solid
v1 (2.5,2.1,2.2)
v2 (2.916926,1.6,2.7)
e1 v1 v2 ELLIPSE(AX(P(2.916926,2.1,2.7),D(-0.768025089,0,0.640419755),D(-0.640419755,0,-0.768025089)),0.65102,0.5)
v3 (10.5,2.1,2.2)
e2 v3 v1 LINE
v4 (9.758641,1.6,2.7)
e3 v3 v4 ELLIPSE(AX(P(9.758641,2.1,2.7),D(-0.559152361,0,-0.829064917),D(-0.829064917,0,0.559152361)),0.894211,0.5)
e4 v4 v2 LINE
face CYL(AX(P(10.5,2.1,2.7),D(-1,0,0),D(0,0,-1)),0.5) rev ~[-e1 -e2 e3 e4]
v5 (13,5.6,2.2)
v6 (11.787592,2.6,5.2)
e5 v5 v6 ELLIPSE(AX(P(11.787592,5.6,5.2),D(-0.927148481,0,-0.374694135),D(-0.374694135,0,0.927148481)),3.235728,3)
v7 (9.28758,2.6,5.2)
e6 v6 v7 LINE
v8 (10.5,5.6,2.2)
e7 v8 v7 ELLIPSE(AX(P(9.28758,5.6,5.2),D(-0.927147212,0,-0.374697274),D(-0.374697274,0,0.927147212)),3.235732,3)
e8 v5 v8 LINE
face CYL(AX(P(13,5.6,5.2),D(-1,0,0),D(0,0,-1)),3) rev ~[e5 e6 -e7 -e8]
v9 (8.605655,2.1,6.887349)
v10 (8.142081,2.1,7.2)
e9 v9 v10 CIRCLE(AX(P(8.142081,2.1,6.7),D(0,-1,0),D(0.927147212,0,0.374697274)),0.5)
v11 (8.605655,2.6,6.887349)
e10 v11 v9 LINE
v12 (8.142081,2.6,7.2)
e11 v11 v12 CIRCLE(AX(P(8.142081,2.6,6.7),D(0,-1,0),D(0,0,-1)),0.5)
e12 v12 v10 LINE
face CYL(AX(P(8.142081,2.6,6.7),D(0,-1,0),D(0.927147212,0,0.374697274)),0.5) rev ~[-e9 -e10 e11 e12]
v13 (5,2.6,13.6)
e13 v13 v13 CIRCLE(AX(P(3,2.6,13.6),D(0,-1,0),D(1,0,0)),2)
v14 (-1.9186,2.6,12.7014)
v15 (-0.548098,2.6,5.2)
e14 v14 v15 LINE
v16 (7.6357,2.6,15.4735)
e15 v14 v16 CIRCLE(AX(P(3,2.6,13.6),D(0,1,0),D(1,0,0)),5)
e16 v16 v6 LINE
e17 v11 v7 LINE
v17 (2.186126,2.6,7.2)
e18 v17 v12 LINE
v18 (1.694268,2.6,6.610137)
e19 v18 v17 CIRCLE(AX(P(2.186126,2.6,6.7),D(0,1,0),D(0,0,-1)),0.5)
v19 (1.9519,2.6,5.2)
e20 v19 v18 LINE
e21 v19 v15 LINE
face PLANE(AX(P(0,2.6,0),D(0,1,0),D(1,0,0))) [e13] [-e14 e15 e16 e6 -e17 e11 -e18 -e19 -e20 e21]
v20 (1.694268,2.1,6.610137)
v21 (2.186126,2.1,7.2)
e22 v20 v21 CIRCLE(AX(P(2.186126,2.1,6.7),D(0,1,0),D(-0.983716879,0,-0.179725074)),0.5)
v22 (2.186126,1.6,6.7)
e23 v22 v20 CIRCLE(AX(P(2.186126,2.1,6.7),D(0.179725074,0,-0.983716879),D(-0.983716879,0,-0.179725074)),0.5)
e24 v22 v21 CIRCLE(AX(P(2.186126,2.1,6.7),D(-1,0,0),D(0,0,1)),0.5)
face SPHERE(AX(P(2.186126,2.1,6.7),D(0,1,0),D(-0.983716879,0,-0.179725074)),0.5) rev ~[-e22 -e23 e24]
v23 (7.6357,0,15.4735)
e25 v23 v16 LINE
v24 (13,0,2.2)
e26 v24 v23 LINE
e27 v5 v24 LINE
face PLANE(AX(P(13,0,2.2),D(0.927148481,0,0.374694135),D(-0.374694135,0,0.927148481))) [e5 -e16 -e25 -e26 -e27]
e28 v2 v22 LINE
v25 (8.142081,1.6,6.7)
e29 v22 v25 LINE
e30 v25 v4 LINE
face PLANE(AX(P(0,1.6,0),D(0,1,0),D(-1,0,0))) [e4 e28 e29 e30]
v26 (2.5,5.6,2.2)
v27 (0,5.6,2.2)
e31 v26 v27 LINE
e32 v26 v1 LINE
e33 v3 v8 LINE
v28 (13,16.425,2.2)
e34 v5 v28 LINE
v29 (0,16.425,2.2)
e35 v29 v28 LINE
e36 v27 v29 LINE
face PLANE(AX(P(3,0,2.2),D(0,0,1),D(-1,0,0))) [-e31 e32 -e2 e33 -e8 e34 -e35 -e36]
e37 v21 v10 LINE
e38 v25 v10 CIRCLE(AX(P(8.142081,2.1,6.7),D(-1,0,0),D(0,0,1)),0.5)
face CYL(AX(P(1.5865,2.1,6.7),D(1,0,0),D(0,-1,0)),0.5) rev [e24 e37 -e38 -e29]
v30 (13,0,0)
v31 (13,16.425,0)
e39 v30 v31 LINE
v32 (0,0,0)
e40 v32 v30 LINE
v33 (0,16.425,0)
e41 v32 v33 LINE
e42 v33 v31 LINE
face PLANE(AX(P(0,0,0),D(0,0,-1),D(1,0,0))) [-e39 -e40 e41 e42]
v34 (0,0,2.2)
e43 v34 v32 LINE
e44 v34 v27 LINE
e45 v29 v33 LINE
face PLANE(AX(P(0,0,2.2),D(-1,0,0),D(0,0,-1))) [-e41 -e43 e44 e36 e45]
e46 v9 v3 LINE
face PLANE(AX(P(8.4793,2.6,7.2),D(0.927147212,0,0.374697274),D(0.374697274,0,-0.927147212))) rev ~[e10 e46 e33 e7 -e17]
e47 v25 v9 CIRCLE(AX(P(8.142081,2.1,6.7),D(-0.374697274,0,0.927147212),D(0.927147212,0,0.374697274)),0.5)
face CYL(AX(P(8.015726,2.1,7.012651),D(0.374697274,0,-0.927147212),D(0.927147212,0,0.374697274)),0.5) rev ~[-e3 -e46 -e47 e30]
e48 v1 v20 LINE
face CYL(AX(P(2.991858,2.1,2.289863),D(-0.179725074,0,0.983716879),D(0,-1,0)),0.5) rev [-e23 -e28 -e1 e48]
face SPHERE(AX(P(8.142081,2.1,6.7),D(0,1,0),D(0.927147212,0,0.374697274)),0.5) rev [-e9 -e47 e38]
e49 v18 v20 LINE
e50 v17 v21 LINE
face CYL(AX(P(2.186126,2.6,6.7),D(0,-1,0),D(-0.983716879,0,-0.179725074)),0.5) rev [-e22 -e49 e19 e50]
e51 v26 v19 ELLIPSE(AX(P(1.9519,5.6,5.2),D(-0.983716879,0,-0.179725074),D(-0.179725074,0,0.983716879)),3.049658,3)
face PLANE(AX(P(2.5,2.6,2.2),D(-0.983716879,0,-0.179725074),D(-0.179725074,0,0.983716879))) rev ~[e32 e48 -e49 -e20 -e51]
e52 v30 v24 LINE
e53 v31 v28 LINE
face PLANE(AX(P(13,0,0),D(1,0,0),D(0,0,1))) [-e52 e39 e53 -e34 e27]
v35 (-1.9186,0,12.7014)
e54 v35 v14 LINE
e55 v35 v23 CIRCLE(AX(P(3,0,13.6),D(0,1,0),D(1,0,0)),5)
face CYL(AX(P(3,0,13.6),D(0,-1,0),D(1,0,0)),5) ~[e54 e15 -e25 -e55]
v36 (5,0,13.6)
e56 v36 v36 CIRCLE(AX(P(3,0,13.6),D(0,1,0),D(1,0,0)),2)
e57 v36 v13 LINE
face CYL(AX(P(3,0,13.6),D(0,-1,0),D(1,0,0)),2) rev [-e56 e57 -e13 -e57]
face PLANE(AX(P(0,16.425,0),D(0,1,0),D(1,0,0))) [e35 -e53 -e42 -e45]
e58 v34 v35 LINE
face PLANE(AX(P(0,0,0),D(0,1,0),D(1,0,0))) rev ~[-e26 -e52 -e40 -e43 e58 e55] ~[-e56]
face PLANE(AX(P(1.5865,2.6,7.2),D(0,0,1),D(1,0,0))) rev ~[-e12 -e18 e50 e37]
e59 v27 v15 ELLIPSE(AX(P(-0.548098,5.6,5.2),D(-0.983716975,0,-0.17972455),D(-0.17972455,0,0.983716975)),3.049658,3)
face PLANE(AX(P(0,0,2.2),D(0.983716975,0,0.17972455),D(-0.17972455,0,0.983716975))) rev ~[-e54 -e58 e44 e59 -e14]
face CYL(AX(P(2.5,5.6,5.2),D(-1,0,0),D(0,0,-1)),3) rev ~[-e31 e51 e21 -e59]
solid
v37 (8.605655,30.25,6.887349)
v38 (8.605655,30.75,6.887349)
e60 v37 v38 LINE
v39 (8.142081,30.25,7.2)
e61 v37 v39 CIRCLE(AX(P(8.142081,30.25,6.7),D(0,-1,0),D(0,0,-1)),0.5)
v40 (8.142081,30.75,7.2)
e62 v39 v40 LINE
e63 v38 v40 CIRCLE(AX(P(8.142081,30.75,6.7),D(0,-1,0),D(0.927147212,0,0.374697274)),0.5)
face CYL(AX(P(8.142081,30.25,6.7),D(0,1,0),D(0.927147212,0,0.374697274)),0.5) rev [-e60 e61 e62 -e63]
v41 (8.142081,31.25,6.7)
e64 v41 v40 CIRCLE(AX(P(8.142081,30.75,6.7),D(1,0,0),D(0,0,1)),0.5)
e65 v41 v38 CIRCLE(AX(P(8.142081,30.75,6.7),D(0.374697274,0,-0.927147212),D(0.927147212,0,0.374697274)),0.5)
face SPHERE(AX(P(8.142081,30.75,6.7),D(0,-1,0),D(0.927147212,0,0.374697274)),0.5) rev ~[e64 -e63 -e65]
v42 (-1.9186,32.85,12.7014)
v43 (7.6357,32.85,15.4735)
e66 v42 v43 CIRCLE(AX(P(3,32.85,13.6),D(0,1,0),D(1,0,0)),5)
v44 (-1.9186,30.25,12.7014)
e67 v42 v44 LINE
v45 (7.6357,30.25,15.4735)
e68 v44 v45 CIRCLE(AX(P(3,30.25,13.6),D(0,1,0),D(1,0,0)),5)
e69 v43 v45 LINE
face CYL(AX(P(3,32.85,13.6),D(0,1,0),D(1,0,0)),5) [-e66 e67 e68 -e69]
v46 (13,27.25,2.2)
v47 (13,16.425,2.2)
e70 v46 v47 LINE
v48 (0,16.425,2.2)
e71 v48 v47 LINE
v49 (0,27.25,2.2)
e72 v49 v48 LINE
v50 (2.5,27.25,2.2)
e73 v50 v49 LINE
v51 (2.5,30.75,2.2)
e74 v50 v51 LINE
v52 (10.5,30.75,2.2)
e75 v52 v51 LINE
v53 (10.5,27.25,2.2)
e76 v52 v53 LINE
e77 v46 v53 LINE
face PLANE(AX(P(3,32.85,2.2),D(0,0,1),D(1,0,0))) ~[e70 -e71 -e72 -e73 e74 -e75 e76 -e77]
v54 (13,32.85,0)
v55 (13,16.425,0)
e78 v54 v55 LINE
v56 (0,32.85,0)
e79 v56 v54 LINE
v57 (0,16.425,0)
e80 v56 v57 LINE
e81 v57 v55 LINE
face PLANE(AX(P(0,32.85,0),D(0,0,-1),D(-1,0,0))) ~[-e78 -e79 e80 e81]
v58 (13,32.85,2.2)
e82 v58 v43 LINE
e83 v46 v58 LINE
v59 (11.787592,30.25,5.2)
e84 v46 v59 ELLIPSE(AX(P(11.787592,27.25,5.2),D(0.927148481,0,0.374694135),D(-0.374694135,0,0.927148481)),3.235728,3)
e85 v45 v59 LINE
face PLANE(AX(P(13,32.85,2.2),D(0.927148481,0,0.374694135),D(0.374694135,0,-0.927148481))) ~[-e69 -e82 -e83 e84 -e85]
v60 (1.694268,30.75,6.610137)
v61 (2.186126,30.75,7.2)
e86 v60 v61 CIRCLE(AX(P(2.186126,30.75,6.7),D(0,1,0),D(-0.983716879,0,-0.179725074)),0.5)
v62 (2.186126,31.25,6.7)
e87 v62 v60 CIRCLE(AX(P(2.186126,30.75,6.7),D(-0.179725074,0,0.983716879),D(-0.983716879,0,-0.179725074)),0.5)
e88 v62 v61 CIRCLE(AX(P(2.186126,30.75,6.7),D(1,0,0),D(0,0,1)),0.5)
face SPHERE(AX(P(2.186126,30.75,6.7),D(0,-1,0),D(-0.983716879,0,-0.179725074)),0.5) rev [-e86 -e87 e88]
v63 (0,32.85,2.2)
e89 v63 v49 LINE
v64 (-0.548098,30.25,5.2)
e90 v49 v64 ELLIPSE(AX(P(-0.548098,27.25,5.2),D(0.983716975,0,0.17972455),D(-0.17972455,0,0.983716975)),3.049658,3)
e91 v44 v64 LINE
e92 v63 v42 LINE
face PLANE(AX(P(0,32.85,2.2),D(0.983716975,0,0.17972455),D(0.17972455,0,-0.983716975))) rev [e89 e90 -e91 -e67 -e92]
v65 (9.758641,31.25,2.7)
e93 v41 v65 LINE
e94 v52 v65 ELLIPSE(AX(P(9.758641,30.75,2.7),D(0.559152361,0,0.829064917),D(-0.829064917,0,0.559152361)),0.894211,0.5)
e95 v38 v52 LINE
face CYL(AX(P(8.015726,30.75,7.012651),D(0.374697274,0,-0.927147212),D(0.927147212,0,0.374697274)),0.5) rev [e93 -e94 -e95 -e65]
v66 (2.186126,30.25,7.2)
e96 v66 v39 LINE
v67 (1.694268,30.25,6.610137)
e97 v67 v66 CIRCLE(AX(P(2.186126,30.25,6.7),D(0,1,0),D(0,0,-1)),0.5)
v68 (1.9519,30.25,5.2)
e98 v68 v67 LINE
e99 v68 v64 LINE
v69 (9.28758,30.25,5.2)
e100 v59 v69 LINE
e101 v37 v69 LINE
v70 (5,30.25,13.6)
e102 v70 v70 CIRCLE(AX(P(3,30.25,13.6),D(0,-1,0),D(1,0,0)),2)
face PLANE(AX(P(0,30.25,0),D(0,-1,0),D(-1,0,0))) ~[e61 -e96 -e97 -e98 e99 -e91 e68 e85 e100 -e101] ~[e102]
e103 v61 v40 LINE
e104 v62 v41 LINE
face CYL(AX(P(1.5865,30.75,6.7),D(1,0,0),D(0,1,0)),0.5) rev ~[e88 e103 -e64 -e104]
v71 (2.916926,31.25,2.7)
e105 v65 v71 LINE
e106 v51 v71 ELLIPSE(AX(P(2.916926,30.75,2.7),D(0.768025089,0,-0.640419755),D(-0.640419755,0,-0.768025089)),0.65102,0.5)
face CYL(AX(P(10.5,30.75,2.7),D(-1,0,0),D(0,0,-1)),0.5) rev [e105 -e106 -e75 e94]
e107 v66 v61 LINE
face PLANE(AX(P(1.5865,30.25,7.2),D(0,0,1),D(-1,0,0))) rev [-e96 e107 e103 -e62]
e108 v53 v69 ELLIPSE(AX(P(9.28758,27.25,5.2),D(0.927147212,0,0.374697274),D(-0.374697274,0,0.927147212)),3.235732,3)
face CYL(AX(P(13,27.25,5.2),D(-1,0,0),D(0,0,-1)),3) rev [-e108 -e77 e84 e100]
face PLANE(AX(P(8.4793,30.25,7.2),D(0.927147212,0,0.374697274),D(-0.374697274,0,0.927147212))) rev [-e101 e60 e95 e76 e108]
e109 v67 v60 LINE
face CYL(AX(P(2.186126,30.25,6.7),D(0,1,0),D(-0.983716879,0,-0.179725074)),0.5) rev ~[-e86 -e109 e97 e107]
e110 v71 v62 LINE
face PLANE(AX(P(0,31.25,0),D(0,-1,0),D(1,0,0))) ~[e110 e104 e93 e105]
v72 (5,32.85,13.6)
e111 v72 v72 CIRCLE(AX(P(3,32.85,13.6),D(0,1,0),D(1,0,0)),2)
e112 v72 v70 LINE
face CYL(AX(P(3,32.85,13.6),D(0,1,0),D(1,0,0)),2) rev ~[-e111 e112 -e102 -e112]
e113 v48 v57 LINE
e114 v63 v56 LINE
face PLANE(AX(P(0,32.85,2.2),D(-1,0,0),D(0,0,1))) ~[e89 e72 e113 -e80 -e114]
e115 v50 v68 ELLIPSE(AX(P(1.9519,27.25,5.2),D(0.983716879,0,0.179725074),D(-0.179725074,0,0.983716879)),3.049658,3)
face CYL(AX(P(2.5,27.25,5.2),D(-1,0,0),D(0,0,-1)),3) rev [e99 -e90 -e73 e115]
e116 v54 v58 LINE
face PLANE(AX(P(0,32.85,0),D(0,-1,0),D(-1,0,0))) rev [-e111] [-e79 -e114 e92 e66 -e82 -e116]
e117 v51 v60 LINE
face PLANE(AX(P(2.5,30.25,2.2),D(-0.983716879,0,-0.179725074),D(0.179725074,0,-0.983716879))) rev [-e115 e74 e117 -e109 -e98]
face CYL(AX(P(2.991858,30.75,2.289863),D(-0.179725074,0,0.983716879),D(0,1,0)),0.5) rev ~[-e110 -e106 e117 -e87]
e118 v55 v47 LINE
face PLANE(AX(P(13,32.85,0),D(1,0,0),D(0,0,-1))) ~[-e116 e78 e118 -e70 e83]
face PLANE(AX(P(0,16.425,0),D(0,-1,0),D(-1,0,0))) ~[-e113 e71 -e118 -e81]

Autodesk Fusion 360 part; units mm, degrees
sketch "スケッチ1" plane through (0, 0, 0) normal (0, 1, 0) x (1, 0, 0)
  line L0 (0, 0) -> (13, 0)
  line L1 (13, 0) -> (13, -2.2)
  line L2 (13, -2.2) -> (0, -2.2)
  line L3 (0, -2.2) -> (0, 0)
  line L4 (0, -2.2) -> (3, -2.2)
  line L5 (3, -2.2) -> (3, -13.6)
  line L6 (3, -2.2) -> (14.4, -2.2) construction
  circle A0 centre (3, -13.6) radius 5
  circle A1 centre (3, -13.6) radius 2
  line L7 (0, -2.2) -> (-1.9186, -12.7014)
  line L8 (13, -2.2) -> (7.6357, -15.4735)
  dimension "d1" = 2.2
  dimension "d2" = 13
  dimension "d3" = 3
  dimension "d4" = 90
  dimension "d5" = 11.4
  dimension "d6" = 10
  dimension "d7" = 4
extrude "押し出し1" add sketch "スケッチ1" along normal blind 2.6 contours L2 L4 L5 A0 L7 | L2 L5 A0 L8 | A0 makes body 1
extrude "押し出し2" add sketch "スケッチ1" along normal blind 16.425 contours L0 L1 L2 L3 L4 bodies 1
fillet "フィレット1" radius 3 1 edges at (6.5, 2.6, 2.2) on bodies 1
ref_plane "作業平面1" through (6.5, 16.425, 1.1) normal (0, 1, 0) x (0, 0, 1)
delete_face "面を削除1" 1 faces at (7.8804, 2.6711, 4.5507) on bodies 1
sketch "スケッチ2" plane through (0, 2.6, 0) normal (0, 1, 0) x (-1, 0, 0)
  line L0 (-13, 2.2) -> (0, 2.2)
  line L1 (0, 2.2) -> (1.9186, 12.7014)
  arc A0 (1.9186, 12.7014) -> (-7.6357, 15.4735) centre (-3, 13.6) ccw
  line L2 (-7.6357, 15.4735) -> (-13, 2.2)
  circle A1 centre (-3, 13.6) radius 2
  line L3 (-10.5, 2.2) -> (-2.5, 2.2)
  line L4 (-2.5, 2.2) -> (-1.5865, 7.2)
  line L5 (-1.5865, 7.2) -> (-8.4793, 7.2)
  line L6 (-8.4793, 7.2) -> (-10.5, 2.2)
  dimension "d15" = 2.5
  dimension "d16" = 8
  dimension "d17" = 5
extrude "押し出し3" cut sketch "スケッチ2" against normal blind 1 contours L0 L3 L4 L5 L6 bodies 1
fillet "フィレット2" radius 3 2 edges at (1.25, 2.6, 2.2) (11.75, 2.6, 2.2) on bodies 1
fillet "フィレット3" radius 0.5 6 edges at (6.5, 1.6, 2.2) (2.0433, 1.6, 4.7) (5.0329, 1.6, 7.2) (1.5865, 2.1, 7.2) (8.4793, 2.1, 7.2) (9.4897, 1.6, 4.7) on bodies 1
mirror "ミラー2" about plane through (6.5, 16.425, 1.1) normal (0, 1, 0) of bodies 1 makes body 2
